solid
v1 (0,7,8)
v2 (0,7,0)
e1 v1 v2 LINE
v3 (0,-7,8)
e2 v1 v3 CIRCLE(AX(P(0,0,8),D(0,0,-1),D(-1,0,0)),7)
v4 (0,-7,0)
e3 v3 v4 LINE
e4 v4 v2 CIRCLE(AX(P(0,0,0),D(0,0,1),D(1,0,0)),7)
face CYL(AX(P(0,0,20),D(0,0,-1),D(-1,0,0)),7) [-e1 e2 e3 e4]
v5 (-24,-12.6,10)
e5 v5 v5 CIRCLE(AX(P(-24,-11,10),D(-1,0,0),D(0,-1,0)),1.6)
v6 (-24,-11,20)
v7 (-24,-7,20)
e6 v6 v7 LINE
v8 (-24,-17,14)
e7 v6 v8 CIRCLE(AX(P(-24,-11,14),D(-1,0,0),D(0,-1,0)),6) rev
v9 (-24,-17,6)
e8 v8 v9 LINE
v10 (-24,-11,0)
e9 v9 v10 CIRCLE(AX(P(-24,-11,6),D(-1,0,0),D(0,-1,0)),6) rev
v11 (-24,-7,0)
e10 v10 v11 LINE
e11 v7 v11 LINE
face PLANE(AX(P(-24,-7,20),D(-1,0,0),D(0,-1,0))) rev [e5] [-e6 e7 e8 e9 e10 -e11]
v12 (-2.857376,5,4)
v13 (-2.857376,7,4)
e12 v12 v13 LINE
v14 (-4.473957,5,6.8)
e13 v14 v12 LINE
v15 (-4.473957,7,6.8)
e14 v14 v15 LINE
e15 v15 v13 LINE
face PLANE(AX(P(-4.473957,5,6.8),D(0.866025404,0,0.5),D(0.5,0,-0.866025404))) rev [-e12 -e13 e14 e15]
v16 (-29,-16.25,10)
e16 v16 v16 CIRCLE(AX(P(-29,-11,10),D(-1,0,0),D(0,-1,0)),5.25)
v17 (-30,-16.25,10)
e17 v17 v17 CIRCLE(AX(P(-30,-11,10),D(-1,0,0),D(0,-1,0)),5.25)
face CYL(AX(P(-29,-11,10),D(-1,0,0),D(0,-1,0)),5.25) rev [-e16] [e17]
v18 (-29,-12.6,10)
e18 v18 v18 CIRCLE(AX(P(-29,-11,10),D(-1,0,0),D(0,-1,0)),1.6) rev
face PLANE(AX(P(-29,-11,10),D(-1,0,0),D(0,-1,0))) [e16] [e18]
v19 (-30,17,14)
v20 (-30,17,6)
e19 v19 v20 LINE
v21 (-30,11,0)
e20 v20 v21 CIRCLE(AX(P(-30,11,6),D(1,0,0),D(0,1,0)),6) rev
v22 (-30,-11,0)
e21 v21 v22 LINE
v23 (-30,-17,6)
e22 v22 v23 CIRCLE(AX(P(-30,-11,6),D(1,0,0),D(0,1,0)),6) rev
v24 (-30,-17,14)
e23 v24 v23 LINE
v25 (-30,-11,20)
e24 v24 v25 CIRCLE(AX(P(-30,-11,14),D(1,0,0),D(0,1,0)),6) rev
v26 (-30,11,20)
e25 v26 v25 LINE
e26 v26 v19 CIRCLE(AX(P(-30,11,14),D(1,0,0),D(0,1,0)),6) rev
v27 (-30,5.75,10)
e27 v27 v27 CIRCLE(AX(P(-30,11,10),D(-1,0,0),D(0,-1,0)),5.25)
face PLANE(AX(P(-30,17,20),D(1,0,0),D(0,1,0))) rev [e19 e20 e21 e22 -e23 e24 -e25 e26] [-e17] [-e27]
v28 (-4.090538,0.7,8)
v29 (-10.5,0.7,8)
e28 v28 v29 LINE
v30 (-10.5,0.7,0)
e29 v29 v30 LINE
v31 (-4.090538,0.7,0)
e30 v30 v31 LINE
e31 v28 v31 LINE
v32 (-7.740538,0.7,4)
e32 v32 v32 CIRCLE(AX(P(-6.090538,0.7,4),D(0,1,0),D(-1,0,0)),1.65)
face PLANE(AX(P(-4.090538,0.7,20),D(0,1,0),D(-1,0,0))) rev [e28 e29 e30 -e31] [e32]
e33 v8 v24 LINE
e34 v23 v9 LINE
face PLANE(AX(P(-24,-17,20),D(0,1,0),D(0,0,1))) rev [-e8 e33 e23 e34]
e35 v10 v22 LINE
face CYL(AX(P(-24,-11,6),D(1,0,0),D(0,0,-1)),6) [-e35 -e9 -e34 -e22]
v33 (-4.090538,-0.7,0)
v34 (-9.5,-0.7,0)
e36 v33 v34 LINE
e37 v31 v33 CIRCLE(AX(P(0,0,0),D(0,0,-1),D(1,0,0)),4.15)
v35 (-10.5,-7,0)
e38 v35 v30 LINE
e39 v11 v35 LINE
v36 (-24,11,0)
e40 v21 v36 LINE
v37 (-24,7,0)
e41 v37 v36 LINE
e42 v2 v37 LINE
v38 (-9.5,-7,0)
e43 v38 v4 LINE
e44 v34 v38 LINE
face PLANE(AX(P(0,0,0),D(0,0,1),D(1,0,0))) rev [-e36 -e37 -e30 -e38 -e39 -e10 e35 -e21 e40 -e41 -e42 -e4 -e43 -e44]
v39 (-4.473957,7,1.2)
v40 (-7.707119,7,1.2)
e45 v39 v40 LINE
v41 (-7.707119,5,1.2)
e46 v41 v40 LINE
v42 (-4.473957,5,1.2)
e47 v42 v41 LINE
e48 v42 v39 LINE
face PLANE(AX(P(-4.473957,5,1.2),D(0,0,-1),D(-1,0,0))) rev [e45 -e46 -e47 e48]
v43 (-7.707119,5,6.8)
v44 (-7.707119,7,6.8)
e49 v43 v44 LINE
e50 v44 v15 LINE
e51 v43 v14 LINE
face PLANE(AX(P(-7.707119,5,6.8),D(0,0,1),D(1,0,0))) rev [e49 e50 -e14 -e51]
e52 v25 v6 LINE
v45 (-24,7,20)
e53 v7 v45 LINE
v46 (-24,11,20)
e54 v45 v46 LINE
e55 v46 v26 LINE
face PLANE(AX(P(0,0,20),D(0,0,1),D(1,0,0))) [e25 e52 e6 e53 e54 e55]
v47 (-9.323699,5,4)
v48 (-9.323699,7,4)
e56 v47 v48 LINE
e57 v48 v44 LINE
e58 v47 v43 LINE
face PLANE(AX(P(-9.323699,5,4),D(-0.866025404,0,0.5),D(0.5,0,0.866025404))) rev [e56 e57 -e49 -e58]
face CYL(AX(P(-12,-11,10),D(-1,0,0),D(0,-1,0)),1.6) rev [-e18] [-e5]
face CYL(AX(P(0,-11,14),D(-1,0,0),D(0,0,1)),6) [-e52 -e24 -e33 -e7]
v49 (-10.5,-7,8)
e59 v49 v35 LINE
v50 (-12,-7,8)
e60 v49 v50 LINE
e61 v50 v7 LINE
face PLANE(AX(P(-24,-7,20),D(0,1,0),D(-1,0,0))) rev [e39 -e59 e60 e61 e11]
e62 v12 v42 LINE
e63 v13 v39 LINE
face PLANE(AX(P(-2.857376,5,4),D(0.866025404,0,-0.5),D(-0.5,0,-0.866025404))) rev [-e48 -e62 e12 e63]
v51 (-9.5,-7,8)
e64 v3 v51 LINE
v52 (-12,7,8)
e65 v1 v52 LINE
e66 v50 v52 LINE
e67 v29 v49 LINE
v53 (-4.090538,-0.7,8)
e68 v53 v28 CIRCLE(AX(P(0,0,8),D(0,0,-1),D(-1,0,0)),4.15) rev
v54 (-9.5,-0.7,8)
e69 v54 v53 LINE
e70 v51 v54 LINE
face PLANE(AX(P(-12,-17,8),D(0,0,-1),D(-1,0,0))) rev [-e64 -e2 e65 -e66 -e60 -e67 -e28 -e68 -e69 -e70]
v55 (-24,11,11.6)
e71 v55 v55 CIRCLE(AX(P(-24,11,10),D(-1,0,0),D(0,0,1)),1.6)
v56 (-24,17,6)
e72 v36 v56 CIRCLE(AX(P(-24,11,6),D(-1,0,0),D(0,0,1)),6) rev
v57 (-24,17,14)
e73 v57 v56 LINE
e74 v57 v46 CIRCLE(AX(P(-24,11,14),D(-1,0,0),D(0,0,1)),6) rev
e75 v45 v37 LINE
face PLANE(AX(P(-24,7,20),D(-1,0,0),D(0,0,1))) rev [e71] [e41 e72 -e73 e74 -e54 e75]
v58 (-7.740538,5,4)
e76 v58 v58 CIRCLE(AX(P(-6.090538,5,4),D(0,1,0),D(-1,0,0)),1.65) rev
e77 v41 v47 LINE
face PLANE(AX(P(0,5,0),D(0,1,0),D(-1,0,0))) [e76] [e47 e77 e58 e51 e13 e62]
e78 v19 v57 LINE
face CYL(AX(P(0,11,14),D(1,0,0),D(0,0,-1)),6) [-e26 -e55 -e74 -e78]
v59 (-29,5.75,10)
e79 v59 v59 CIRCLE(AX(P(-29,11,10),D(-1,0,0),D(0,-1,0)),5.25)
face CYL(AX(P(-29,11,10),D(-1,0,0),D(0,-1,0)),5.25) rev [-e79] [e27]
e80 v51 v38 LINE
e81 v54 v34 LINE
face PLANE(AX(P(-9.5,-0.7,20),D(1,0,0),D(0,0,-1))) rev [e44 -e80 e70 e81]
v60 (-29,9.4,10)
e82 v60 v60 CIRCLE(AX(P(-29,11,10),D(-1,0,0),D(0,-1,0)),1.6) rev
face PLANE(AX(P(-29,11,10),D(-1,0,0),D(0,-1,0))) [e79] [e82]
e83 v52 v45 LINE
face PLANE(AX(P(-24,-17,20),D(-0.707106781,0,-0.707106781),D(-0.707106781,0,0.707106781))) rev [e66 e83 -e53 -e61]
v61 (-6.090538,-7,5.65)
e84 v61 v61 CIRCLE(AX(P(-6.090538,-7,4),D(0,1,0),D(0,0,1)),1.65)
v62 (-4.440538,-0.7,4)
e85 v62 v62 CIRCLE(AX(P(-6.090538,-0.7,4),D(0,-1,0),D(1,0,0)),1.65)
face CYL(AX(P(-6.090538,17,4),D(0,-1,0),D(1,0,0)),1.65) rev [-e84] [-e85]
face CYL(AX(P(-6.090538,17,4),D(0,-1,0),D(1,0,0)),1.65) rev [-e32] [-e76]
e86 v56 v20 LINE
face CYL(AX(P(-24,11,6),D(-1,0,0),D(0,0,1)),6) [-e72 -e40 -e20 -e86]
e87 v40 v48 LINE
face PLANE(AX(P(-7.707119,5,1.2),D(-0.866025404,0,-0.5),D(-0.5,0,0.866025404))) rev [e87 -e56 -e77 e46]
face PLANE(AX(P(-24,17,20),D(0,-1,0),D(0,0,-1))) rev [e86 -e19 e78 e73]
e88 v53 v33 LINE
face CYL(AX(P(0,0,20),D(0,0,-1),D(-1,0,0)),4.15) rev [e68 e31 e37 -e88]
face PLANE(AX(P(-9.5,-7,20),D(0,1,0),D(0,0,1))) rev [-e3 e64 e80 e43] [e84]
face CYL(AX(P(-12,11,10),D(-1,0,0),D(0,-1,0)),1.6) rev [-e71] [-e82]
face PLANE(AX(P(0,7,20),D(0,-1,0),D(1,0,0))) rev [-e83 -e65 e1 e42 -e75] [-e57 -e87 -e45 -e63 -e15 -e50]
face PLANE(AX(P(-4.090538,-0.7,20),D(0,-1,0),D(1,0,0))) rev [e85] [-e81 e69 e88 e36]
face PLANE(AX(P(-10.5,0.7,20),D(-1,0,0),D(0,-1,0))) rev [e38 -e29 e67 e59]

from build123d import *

# Parameters (mm, degrees)
RESSALTO_EXTRUS_O1_DEPTH   = 20
ESBO_O4_R                  = 1.6
CORTE_EXTRUS_O2_DEPTH      = 18
ESBO_O5_R                  = 5.25
CORTE_EXTRUS_O3_DEPTH      = 1
FILETE1_R                  = 6
CORTE_EXTRUS_O6_DEPTH      = 25
ESBO_O6_R                  = 1.65
CORTE_EXTRUS_O4_DEPTH      = 18.7
CORTE_EXTRUS_O4_DEPTH_BACK = 17.3
CORTE_EXTRUS_O5_DEPTH      = 2


with BuildPart() as part:
    # Esboço2 → Ressalto-extrusão1 (new body)
    with BuildSketch(Plane.XY):
        with BuildLine():
            Line((0, 7), (-24, 7))
            Line((-24, 7), (-24, 17))
            Line((-24, 17), (-30, 17))
            Line((-30, 17), (-30, -17))
            Line((-30, -17), (-24, -17))
            Line((-24, -17), (-24, -7))
            Line((-24, -7), (-10.5, -7))
            Line((-10.5, -7), (-10.5, 0.7))
            Line((-10.5, 0.7), (-4.090537862, 0.7))
            ThreePointArc((-4.090537862, 0.7), (4.15, 0), (-4.090537862, -0.7))
            Line((-4.090537862, -0.7), (-9.5, -0.7))
            Line((-9.5, -0.7), (-9.5, -7))
            Line((-9.5, -7), (0, -7))
            ThreePointArc((0, -7), (7, 0), (0, 7))
        make_face()
    extrude(amount=RESSALTO_EXTRUS_O1_DEPTH)

    # Esboço4 → Corte-extrusão2 (cut)
    with BuildSketch(Plane.ZY.offset(30)):
        with Locations((10, 11)):
            Circle(ESBO_O4_R)
        with Locations((10, -11)):
            Circle(ESBO_O4_R)
    extrude(amount=-CORTE_EXTRUS_O2_DEPTH, mode=Mode.SUBTRACT)

    # Esboço5 → Corte-extrusão3 (cut)
    with BuildSketch(Plane.ZY.offset(30)):
        with Locations((10, 11)):
            Circle(ESBO_O5_R)
        with Locations((10, -11)):
            Circle(ESBO_O5_R)
    extrude(amount=-CORTE_EXTRUS_O3_DEPTH, mode=Mode.SUBTRACT)

    # Filete1
    filete1_edges = [part.edges().sort_by_distance(p)[0] for p in [
        (-27, -17, 20),
        (-27, -17, 0),
        (-27, 17, 0),
        (-27, 17, 20),
    ]]
    fillet(filete1_edges, radius=FILETE1_R)

    # Esboço8 → Corte-extrusão6 (cut, through all)
    with BuildSketch(Plane(origin=(0, 7, 0), x_dir=(1, 0, 0), z_dir=(0, 1, 0))):
        Polygon((-24, -20), (-12, -8), (7, -8), (7, -20), align=None)
    extrude(amount=-CORTE_EXTRUS_O6_DEPTH, mode=Mode.SUBTRACT)

    # Esboço6 → Corte-extrusão4 (cut, two sides)
    with BuildSketch(Plane.XZ.offset(-0.7)) as corte_extrus_o4_sk:
        with Locations((-6.090537862, 4)):
            Circle(ESBO_O6_R)
    extrude(amount=CORTE_EXTRUS_O4_DEPTH, mode=Mode.SUBTRACT)
    extrude(corte_extrus_o4_sk.sketch, amount=-CORTE_EXTRUS_O4_DEPTH_BACK, mode=Mode.SUBTRACT)

    # Esboço7 → Corte-extrusão5 (cut)
    with BuildSketch(Plane(origin=(0, 7, 0), x_dir=(1, 0, 0), z_dir=(0, 1, 0))):
        Polygon((-2.857376354, -4), (-4.473957108, -1.2), (-7.707118616, -1.2), (-9.323699369, -4), (-7.707118616, -6.8), (-4.473957108, -6.8), align=None)
    extrude(amount=-CORTE_EXTRUS_O5_DEPTH, mode=Mode.SUBTRACT)


solid = part.part
